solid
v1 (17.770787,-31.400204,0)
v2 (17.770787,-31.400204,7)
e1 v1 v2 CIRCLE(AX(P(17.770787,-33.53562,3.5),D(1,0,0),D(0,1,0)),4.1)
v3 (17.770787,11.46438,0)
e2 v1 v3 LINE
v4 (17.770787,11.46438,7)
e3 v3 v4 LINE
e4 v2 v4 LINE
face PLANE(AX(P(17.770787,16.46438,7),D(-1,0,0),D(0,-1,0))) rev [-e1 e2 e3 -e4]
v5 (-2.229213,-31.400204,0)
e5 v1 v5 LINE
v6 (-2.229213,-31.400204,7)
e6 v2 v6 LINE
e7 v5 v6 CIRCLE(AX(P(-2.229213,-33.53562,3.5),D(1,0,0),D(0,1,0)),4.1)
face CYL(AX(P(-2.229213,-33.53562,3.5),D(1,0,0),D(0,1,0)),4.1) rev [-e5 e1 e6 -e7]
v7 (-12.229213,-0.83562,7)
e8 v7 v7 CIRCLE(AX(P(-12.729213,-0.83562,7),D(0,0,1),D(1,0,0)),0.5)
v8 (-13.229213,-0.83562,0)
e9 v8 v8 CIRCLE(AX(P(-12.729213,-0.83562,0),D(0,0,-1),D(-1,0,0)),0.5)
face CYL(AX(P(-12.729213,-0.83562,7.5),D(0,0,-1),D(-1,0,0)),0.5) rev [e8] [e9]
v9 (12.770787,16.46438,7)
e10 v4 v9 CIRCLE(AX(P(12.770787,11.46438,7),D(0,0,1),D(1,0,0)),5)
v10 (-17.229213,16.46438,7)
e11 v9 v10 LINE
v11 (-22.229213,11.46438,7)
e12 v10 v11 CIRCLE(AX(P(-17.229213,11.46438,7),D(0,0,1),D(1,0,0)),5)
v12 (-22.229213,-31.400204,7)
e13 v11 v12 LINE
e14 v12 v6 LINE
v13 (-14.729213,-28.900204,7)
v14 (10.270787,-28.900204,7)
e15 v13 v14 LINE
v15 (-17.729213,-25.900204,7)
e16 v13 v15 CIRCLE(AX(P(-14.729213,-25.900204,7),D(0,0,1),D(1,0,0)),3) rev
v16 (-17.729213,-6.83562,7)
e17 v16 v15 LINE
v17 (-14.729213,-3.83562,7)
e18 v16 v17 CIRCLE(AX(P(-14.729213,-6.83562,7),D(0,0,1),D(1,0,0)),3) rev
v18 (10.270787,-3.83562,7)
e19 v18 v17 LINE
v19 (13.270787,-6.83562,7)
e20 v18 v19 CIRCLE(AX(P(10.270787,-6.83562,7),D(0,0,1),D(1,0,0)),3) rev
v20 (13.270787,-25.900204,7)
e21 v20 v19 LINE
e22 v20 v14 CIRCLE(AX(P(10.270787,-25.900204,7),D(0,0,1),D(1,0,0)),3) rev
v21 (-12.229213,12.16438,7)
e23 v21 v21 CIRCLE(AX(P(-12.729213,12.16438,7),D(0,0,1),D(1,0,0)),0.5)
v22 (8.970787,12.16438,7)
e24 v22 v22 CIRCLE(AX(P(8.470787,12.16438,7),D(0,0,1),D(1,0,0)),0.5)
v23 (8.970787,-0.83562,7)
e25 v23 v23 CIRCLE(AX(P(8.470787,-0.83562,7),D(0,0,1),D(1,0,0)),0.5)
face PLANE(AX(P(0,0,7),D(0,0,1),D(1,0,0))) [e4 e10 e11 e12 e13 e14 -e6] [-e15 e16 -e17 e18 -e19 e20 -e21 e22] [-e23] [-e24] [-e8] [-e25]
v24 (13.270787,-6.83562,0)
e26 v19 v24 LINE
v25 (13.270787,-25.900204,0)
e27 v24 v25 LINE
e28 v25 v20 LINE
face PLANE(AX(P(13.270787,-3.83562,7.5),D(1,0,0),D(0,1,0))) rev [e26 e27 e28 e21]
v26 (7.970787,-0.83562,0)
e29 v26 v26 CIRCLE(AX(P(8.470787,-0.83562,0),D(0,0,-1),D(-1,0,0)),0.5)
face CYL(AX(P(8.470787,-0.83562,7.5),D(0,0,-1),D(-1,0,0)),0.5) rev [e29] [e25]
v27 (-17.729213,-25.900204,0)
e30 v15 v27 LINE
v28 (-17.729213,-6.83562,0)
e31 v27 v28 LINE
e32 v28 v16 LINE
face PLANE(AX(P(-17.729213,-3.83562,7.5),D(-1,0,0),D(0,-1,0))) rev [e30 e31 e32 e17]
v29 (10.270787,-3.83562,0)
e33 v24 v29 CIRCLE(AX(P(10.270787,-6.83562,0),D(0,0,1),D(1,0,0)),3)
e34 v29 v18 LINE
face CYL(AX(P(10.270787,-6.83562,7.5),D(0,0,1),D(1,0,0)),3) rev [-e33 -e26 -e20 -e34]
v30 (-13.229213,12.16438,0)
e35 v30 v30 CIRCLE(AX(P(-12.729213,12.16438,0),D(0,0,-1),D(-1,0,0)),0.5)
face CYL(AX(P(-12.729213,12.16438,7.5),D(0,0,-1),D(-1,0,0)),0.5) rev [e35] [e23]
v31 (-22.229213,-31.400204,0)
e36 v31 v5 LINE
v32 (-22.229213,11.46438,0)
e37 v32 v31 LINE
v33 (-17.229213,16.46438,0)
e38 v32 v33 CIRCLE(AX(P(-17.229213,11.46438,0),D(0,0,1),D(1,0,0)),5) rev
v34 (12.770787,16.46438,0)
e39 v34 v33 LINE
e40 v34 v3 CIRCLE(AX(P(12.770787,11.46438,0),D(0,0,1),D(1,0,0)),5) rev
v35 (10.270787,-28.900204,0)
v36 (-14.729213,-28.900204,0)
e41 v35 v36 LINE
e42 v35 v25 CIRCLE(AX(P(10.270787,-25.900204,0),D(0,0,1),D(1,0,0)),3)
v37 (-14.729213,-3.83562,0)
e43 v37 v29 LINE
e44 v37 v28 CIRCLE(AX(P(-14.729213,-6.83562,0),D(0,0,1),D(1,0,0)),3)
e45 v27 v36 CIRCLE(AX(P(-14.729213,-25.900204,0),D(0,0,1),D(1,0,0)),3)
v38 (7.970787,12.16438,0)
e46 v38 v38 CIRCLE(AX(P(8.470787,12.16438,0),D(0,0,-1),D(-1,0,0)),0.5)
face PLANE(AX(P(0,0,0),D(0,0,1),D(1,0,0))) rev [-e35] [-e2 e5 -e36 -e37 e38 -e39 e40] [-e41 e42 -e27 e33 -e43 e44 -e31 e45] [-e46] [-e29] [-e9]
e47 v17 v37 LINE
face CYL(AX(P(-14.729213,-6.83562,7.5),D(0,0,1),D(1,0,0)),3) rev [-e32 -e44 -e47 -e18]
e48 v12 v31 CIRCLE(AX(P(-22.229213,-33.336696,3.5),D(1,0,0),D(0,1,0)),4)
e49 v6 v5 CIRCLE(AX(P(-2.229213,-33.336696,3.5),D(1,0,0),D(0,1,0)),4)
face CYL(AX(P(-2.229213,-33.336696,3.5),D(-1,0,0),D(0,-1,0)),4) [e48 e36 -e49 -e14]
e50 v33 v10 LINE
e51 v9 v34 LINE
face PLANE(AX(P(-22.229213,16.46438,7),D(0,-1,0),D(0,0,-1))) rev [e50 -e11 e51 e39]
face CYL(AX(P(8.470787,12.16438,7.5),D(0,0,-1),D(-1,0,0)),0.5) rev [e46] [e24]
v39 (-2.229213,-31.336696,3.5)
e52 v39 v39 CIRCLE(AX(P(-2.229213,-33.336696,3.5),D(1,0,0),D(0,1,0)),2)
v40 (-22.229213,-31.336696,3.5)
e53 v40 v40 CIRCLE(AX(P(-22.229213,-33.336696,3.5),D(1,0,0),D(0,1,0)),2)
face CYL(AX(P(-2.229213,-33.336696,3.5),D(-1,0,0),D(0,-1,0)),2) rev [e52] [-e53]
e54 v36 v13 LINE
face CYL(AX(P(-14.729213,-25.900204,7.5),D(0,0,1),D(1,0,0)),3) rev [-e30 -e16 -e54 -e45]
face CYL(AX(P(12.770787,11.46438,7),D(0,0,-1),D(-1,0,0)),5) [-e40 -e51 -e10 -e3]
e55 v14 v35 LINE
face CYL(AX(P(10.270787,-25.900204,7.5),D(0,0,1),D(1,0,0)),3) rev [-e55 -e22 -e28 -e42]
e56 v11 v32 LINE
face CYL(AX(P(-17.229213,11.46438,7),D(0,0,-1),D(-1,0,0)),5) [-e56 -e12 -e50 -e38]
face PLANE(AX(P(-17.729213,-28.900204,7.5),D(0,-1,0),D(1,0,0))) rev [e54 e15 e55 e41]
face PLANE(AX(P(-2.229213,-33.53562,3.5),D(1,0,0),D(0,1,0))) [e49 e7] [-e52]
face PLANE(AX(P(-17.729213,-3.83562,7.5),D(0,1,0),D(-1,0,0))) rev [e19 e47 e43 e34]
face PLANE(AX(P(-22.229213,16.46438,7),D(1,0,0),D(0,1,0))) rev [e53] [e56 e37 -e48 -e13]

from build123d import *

# Parameters (mm, degrees)
SKETCH1_W                = 40
SKETCH1_H                = 50
BOSS_EXTRUDE1_DEPTH      = 7
SKETCH2_R                = 4.1
CUT_EXTRUDE1_DEPTH       = 20
BOSS_EXTRUDE2_DEPTH      = 11
BOSS_EXTRUDE2_DEPTH_BACK = 9
SKETCH3_R                = 4
SKETCH3_R_2              = 2
FILLET1_R                = 5
SKETCH4_R                = 0.5
SKETCH4_W                = 31
SKETCH4_H                = 25.064584349
CUT_EXTRUDE2_DEPTH       = 45.095541639
FILLET2_R                = 3
SKETCH5_R                = 2
CUT_EXTRUDE3_DEPTH       = 56.229329833


with BuildPart() as part:
    # Sketch1 → Boss-Extrude1 (new body)
    with BuildSketch(Plane.XY):
        with Locations((-2.229213179, -8.535620053)):
            Rectangle(SKETCH1_W, SKETCH1_H)
    extrude(amount=BOSS_EXTRUDE1_DEPTH)

    # Sketch2 → Cut-Extrude1 (cut)
    with BuildSketch(Plane(origin=(17.770786821, 0, 0), x_dir=(0, 0, -1), z_dir=(1, 0, 0))):
        with Locations((-3.5, -33.535620053)):
            Circle(SKETCH2_R)
    extrude(amount=-CUT_EXTRUDE1_DEPTH, mode=Mode.SUBTRACT)

    # Sketch3 → Boss-Extrude2 (add, two sides: drawn at the far end of the back side and taken through both)
    with BuildSketch(Plane(origin=(-13.229213179, 0, 0), x_dir=(0, 0, -1), z_dir=(1, 0, 0)).offset(-BOSS_EXTRUDE2_DEPTH_BACK)):
        with Locations((-3.5, -33.336696075)):
            Circle(SKETCH3_R)
        with Locations((-3.5, -33.336696075)):
            Circle(SKETCH3_R_2, mode=Mode.SUBTRACT)
    extrude(amount=BOSS_EXTRUDE2_DEPTH + BOSS_EXTRUDE2_DEPTH_BACK)

    # Fillet1
    fillet1_edges = [part.edges().sort_by_distance(p)[0] for p in [
        (-22.229213179, 16.464379947, 3.5),
        (17.770786821, 16.464379947, 3.5),
    ]]
    fillet(fillet1_edges, radius=FILLET1_R)

    # Sketch4 → Cut-Extrude2 (cut, through all)
    with BuildSketch(Plane(origin=(0, 0, 0), x_dir=(-1, 0, 0), z_dir=(0, 0, -1))):
        with Locations((-8.470786821, 12.164379947)):
            Circle(SKETCH4_R)
        with Locations((12.729213179, 12.164379947)):
            Circle(SKETCH4_R)
        with Locations((12.729213179, -0.835620053)):
            Circle(SKETCH4_R)
        with Locations((-8.470786821, -0.835620053)):
            Circle(SKETCH4_R)
        with Locations((2.229213179, -16.367912228)):
            Rectangle(SKETCH4_W, SKETCH4_H)
    extrude(amount=-CUT_EXTRUDE2_DEPTH, mode=Mode.SUBTRACT)

    # Fillet2
    fillet2_edges = [part.edges().sort_by_distance(p)[0] for p in [
        (-17.729213179, -3.835620053, 3.5),
        (-17.729213179, -28.900204402, 3.5),
        (13.270786821, -28.900204402, 3.5),
        (13.270786821, -3.835620053, 3.5),
    ]]
    fillet(fillet2_edges, radius=FILLET2_R)

    # Sketch5 → Cut-Extrude3 (cut, through all)
    with BuildSketch(Plane.ZY.offset(22.229213179)):
        with Locations(Location((3.5, -33.336696075, 0), (0, 0, 90))):
            Circle(SKETCH5_R)
    extrude(amount=-CUT_EXTRUDE3_DEPTH, mode=Mode.SUBTRACT)


solid = part.part
